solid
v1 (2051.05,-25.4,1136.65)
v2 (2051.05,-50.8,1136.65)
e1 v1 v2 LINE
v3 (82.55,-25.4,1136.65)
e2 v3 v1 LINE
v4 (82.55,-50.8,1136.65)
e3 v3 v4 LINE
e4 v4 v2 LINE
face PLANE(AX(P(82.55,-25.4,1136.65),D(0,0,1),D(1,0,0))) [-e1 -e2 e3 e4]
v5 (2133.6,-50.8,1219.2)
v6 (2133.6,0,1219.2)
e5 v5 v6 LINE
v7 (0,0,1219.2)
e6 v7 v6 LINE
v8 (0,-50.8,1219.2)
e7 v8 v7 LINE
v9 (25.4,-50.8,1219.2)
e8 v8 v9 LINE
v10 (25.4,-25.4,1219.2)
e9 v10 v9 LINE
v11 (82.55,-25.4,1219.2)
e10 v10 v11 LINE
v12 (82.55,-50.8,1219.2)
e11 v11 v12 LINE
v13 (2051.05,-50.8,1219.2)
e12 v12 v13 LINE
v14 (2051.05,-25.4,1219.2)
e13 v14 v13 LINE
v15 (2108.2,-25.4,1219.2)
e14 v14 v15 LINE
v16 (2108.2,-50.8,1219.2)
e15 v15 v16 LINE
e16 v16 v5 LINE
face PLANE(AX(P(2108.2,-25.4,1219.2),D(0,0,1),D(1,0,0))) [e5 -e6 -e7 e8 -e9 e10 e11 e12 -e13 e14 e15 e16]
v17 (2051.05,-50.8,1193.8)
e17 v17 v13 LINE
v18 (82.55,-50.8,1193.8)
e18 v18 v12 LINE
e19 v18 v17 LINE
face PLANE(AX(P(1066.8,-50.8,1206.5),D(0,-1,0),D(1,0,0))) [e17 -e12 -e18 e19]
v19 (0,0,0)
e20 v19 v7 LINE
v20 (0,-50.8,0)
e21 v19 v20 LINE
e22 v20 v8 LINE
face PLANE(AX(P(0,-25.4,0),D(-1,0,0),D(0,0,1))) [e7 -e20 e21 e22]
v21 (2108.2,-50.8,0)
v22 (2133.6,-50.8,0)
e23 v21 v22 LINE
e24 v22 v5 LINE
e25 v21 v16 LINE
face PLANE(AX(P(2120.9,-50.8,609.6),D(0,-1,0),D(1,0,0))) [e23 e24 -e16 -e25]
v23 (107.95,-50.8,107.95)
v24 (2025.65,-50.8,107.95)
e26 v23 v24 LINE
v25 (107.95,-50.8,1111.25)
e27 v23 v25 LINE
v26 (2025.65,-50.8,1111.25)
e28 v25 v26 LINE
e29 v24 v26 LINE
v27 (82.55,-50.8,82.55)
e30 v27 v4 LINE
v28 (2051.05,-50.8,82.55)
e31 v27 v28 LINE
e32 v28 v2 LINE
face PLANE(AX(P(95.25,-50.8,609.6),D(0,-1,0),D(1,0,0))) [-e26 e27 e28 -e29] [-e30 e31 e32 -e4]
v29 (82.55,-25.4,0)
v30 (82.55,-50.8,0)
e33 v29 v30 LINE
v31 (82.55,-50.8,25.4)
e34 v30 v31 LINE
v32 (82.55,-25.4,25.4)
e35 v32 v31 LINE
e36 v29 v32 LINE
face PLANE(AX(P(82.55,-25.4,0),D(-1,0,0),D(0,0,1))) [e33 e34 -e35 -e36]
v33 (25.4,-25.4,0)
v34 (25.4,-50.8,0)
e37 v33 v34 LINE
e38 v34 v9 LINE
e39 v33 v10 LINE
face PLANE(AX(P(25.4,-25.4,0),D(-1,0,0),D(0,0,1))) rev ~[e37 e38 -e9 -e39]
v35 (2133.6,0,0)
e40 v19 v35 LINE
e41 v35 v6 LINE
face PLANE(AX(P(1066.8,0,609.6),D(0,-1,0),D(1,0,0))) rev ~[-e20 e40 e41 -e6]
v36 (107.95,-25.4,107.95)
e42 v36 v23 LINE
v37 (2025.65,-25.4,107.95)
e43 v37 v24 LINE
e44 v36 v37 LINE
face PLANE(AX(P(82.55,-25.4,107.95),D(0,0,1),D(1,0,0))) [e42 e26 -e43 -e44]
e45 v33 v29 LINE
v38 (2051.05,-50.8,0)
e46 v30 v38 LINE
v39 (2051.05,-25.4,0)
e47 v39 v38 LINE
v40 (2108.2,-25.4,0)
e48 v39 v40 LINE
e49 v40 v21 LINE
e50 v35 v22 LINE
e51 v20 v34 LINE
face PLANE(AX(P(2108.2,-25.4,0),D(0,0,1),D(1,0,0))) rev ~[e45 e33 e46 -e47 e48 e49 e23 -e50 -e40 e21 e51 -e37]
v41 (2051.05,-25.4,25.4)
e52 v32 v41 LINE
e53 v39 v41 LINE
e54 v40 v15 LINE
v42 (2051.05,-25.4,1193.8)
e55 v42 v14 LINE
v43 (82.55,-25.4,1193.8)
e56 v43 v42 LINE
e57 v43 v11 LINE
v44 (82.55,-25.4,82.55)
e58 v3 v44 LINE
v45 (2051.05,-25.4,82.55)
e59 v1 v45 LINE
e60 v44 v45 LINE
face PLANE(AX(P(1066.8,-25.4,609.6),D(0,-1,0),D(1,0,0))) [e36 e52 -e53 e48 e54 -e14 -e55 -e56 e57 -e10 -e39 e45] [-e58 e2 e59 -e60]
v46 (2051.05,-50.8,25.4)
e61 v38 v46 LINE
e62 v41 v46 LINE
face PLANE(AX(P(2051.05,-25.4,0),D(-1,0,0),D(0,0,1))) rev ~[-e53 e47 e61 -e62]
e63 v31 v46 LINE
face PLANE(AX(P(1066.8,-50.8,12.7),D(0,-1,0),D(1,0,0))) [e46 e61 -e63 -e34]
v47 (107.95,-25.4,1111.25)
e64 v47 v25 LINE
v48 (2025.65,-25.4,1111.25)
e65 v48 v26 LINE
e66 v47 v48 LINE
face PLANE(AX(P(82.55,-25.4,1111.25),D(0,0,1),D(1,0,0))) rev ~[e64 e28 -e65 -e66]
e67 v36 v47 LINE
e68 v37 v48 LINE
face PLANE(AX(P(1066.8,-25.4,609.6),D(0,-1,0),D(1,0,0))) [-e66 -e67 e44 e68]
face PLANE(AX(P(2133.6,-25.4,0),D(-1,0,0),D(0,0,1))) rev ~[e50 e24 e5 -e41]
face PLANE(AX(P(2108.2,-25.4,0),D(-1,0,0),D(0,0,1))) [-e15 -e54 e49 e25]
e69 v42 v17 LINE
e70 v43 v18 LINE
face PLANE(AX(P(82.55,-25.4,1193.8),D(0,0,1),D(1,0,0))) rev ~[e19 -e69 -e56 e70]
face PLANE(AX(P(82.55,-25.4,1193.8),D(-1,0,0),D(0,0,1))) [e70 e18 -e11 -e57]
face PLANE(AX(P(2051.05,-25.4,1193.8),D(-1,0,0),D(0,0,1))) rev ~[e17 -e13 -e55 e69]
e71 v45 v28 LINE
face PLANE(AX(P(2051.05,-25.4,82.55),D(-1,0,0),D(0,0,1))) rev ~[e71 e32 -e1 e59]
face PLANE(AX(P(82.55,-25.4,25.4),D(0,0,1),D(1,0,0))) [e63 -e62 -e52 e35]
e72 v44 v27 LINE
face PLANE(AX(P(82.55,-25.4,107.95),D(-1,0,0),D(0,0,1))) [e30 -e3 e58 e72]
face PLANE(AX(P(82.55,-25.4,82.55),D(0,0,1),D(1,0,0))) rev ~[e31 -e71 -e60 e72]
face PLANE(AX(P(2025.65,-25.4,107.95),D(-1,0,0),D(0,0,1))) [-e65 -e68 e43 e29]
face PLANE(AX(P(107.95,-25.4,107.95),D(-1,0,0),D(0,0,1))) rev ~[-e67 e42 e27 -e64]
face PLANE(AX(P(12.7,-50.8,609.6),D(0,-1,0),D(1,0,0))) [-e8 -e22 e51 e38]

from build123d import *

# Parameters (mm, degrees)
F0_W      = 2133.6
F0_H      = 1219.2
F1_DEPTH  = 25.4
F2_W      = 1968.5
F2_H      = 25.4
F3_DEPTH  = 25.4
F4_W      = 1968.5
F4_H      = 25.4
F5_DEPTH  = 25.4
F6_W      = 25.4
F6_H      = 1219.2
F7_DEPTH  = 25.4
F8_W      = 25.4
F8_H      = 1219.2
F9_DEPTH  = 25.4
F10_W     = 1968.5
F10_H     = 25.4
F11_DEPTH = 25.4
F12_W     = 1968.5
F12_H     = 25.4
F13_DEPTH = 25.4
F14_W     = 25.4
F14_H     = 1003.3
F15_DEPTH = 25.4
F16_W     = 25.4
F16_H     = 1003.3
F17_DEPTH = 25.4


with BuildPart() as f1:
    # F0 (on Front) → F1 (new body)
    with BuildSketch(Plane.XZ):
        with Locations((1066.8, 609.6)):
            Rectangle(F0_W, F0_H)
    extrude(amount=F1_DEPTH)

    # F2 (on face) → F3 (join)
    with BuildSketch(Plane.XZ.offset(25.4)):
        with Locations((1066.8, 1206.5)):
            Rectangle(F2_W, F2_H)
    extrude(amount=F3_DEPTH)

    # F4 (on face) → F5 (join)
    with BuildSketch(Plane.XZ.offset(25.4)):
        with Locations((1066.8, 12.7)):
            Rectangle(F4_W, F4_H)
    extrude(amount=F5_DEPTH)

    # F6 (on face) → F7 (join)
    with BuildSketch(Plane.XZ.offset(25.4)):
        with Locations((12.7, 609.6)):
            Rectangle(F6_W, F6_H)
    extrude(amount=F7_DEPTH)

    # F8 (on face) → F9 (join)
    with BuildSketch(Plane.XZ.offset(25.4)):
        with Locations((2120.9, 609.6)):
            Rectangle(F8_W, F8_H)
    extrude(amount=F9_DEPTH)

    # F10 (on face) → F11 (join)
    with BuildSketch(Plane.XZ.offset(25.4)):
        with Locations((1066.8, 1123.95)):
            Rectangle(F10_W, F10_H)
    extrude(amount=F11_DEPTH)

    # F12 (on face) → F13 (join)
    with BuildSketch(Plane.XZ.offset(25.4)):
        with Locations((1066.8, 95.25)):
            Rectangle(F12_W, F12_H)
    extrude(amount=F13_DEPTH)

    # F14 (on face) → F15 (join)
    with BuildSketch(Plane.XZ.offset(25.4)):
        with Locations((2038.35, 609.6)):
            Rectangle(F14_W, F14_H)
    extrude(amount=F15_DEPTH)

    # F16 (on face) → F17 (join)
    with BuildSketch(Plane.XZ.offset(25.4)):
        with Locations((95.25, 609.6)):
            Rectangle(F16_W, F16_H)
    extrude(amount=F17_DEPTH)


solid = f1.part
